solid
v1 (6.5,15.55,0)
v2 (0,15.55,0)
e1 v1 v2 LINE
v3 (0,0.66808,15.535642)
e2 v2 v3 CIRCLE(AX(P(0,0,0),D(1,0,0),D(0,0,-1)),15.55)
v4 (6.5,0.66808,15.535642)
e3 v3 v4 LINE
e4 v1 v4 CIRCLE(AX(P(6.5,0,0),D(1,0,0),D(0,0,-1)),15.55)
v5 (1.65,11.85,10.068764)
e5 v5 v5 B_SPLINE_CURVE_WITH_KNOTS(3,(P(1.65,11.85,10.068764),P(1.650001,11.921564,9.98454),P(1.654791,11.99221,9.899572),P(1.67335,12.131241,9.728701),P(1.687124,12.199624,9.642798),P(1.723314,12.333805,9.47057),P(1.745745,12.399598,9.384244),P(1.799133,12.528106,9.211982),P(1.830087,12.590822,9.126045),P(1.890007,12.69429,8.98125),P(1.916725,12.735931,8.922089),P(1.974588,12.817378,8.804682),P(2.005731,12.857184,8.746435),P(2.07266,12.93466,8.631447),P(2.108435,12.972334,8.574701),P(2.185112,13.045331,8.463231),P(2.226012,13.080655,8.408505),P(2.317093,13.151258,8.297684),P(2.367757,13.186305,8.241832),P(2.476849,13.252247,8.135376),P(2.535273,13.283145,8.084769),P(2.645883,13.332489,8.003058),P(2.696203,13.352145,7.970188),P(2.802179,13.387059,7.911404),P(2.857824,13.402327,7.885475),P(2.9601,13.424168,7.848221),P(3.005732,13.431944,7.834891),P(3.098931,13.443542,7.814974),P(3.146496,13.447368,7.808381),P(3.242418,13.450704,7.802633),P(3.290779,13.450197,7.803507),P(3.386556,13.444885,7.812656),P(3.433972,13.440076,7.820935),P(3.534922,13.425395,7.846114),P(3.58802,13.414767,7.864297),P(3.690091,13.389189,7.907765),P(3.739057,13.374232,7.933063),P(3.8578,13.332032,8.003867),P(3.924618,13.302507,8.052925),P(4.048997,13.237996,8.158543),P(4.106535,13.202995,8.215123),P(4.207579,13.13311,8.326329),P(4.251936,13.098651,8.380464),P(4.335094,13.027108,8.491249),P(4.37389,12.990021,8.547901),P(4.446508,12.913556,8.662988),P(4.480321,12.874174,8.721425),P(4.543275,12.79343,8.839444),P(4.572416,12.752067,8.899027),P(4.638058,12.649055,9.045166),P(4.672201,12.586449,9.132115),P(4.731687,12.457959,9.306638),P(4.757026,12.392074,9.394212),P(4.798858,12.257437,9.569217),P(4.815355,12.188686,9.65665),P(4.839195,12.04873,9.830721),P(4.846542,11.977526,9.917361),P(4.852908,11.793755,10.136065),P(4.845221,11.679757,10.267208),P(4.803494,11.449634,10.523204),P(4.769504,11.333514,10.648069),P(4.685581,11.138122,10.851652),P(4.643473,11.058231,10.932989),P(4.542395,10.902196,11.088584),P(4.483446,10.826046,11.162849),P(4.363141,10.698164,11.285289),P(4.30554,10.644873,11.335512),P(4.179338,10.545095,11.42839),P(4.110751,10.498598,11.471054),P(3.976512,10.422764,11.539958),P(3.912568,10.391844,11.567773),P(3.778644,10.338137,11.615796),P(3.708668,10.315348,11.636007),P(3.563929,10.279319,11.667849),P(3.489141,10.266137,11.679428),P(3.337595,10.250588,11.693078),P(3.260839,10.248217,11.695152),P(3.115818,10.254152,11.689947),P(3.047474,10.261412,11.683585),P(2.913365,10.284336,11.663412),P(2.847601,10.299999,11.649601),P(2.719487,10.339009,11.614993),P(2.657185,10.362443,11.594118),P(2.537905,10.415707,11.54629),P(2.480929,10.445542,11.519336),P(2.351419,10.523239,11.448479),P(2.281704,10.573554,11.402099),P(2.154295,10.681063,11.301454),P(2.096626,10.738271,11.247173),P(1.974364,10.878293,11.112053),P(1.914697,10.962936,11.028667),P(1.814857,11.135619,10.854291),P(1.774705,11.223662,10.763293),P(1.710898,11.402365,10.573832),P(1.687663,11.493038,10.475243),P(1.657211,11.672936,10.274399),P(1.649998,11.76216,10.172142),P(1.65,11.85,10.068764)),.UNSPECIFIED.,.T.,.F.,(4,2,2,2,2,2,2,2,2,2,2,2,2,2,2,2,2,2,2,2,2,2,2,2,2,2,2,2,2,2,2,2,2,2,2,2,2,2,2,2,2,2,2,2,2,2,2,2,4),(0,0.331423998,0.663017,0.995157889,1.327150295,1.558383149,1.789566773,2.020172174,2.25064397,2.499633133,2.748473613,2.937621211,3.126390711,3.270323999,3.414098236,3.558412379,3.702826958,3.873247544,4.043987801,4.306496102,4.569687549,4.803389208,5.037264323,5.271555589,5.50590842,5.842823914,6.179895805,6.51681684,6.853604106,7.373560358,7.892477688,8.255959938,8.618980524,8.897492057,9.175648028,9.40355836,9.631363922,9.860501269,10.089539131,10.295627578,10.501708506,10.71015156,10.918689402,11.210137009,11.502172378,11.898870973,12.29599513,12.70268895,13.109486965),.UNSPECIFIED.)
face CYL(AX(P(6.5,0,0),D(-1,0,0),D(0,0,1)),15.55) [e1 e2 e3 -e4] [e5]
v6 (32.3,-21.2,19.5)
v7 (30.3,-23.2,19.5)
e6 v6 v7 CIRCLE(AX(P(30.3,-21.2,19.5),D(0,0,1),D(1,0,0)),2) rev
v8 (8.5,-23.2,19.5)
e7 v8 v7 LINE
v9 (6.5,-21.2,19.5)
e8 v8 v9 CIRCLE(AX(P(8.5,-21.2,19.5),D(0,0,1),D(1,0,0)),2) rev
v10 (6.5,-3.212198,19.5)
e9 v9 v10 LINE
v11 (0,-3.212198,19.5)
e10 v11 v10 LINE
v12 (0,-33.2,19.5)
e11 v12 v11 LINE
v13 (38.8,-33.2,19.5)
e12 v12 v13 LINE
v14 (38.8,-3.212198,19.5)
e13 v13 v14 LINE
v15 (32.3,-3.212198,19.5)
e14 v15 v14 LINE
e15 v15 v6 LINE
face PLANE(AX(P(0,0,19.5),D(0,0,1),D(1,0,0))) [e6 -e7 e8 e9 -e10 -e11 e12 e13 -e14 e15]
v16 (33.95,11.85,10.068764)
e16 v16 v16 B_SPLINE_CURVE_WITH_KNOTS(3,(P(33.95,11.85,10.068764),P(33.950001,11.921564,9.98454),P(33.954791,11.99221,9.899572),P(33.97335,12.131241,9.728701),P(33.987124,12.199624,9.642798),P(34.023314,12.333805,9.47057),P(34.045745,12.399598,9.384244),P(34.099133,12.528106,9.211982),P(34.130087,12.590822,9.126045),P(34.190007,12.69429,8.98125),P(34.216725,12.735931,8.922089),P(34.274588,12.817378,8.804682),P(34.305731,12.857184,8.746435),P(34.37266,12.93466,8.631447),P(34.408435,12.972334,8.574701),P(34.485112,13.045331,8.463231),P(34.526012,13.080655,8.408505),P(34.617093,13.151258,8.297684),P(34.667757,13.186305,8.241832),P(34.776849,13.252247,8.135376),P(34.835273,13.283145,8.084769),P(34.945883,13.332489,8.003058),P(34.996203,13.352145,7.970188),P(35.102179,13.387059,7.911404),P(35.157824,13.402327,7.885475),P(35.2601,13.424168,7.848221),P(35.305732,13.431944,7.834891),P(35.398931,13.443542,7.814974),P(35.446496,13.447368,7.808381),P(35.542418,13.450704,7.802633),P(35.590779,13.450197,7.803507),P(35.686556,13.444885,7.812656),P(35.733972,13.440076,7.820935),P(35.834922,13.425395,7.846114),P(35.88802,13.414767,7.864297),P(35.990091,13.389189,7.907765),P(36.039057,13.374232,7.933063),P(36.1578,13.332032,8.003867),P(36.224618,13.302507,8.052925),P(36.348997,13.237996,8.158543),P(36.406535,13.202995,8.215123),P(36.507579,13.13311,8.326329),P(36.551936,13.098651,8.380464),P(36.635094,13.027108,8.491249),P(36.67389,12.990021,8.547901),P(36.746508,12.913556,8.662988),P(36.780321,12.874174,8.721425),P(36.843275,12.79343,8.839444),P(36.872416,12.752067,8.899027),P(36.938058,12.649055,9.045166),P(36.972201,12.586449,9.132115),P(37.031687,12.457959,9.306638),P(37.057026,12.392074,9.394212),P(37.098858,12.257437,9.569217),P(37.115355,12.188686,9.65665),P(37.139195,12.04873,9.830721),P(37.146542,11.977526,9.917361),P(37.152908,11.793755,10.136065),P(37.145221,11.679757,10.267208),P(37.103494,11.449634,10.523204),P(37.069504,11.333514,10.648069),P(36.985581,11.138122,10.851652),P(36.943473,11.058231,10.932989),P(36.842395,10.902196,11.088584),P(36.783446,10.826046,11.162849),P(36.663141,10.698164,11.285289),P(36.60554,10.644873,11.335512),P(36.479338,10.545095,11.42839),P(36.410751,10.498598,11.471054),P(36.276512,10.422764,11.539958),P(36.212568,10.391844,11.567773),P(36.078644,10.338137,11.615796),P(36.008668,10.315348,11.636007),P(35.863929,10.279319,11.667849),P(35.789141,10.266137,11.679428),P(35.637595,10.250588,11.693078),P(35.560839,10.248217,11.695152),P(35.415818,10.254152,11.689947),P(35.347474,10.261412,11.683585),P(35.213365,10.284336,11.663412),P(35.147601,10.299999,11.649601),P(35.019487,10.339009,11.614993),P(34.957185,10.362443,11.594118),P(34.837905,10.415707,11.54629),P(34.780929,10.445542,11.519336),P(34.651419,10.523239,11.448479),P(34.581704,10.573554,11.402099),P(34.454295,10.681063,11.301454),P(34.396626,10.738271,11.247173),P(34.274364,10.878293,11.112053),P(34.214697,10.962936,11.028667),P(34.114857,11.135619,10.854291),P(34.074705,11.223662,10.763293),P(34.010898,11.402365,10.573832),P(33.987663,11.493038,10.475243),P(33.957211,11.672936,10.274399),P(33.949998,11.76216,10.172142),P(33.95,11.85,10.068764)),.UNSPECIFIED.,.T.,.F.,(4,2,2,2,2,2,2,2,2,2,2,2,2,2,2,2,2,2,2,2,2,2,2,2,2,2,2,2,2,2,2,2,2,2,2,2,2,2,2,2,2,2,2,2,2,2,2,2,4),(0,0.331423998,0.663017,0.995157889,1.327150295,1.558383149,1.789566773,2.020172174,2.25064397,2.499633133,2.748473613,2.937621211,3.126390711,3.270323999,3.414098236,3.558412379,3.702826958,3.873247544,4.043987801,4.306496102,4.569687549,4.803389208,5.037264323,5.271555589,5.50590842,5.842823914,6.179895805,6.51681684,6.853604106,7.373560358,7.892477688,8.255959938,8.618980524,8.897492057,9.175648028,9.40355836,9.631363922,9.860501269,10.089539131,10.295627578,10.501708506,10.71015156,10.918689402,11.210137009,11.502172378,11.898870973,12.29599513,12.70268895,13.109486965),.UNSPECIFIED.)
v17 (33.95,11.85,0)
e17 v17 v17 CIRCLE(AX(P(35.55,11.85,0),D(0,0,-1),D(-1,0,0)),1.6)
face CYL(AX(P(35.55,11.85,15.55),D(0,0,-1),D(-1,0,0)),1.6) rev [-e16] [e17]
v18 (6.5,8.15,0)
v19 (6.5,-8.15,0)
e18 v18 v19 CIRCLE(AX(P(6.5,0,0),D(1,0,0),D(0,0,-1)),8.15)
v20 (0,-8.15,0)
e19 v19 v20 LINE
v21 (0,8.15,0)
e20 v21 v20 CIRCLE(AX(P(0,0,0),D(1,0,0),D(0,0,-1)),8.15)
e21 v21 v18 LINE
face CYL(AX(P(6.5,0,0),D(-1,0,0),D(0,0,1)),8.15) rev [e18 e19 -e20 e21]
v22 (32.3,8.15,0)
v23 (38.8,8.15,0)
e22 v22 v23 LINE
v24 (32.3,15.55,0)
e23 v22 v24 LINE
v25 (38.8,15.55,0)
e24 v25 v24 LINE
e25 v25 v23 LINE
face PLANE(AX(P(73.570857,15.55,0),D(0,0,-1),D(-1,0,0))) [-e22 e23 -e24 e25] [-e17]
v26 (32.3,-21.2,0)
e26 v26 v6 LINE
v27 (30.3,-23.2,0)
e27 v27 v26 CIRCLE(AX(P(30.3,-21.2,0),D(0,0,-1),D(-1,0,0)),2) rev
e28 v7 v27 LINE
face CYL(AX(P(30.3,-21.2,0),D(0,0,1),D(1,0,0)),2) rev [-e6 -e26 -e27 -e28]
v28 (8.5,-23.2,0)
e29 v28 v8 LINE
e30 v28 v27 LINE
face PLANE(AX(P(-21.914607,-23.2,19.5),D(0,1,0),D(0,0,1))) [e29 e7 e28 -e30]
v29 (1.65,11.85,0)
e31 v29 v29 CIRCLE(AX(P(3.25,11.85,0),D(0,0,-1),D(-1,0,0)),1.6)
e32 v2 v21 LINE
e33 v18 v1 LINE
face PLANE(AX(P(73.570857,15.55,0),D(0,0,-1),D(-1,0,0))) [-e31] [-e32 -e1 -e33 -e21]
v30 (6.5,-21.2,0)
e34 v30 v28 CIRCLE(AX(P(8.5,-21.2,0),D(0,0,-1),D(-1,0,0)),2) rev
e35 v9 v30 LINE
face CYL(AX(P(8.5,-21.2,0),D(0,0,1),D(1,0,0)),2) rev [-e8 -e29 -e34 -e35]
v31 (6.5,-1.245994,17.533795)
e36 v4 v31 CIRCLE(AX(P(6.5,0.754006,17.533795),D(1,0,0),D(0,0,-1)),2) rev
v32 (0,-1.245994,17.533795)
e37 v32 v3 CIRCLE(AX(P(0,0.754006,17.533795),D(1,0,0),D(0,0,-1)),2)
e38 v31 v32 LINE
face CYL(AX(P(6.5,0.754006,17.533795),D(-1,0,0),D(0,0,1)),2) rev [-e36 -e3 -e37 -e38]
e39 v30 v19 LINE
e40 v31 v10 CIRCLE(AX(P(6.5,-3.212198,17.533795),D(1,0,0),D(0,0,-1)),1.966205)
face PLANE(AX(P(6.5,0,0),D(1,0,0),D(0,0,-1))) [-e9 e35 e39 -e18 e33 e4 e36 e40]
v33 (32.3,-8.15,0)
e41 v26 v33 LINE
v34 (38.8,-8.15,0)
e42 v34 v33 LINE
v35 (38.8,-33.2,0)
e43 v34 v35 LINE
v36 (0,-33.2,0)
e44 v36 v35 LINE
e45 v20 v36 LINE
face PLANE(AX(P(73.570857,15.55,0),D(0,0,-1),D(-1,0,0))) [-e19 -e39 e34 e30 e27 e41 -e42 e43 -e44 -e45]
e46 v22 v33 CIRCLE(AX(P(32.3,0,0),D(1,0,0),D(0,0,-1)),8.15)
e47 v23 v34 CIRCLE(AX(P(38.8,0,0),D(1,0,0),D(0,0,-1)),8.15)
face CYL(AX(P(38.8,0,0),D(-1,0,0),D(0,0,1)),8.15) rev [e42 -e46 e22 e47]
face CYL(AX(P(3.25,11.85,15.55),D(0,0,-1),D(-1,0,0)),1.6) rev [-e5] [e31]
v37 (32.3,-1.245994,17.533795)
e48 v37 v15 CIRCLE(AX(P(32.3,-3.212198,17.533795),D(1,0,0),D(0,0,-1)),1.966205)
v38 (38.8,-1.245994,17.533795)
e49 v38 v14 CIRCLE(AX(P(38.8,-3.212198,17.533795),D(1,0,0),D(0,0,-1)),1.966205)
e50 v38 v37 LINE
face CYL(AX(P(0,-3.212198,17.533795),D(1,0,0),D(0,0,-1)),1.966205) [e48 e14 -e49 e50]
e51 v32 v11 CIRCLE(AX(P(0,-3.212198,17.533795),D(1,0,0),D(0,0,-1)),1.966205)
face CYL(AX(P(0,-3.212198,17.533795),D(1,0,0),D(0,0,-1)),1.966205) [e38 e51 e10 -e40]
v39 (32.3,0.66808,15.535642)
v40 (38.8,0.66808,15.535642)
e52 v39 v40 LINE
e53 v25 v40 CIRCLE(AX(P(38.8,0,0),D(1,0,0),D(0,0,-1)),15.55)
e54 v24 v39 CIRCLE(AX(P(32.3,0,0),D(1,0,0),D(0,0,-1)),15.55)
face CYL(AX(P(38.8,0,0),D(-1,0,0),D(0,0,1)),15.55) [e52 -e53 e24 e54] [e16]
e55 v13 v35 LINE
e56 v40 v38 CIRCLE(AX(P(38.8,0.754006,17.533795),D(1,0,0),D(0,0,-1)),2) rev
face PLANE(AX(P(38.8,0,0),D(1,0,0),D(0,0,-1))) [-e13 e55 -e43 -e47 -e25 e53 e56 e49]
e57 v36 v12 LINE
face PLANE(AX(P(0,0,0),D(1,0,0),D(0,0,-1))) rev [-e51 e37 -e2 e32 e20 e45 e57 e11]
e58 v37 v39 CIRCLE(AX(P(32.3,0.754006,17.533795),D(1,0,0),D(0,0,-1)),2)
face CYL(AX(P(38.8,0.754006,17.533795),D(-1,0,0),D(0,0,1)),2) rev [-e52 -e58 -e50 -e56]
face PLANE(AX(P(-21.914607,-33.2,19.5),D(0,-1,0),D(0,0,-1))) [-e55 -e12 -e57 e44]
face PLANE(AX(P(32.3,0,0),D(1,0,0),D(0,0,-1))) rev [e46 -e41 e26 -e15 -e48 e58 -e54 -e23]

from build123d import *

# Parameters (mm, degrees)
SKETCH3_R            = 15.55
SKETCH3_R_2          = 8.15
BOSS_EXTRUDE4_DEPTH  = 6.5
SKETCH2_R            = 15.55
SKETCH2_R_2          = 8.15
BOSS_EXTRUDE5_DEPTH  = 6.5
CUT_EXTRUDE1_DEPTH   = 38.8
SKETCH5_R            = 1.6
CUT_EXTRUDE2_DEPTH   = 16.55
BOSS_EXTRUDE6_DEPTH  = 6.5
SKETCH9_W            = 6.5
SKETCH9_H            = 21.954006421
BOSS_EXTRUDE7_DEPTH  = 4
BOSS_EXTRUDE8_DEPTH  = 6.5
SKETCH12_W           = 6.5
SKETCH12_H           = 21.954006421
BOSS_EXTRUDE9_DEPTH  = 4
FILLET1_R            = 2
FILLET2_R            = 2
CUT_EXTRUDE3_DEPTH   = 39.8000001
SKETCH13_W           = 19.5
SKETCH13_H           = 10
BOSS_EXTRUDE10_DEPTH = 38.8
FILLET3_R            = 2


with BuildPart() as part:
    # Sketch3 → Boss-Extrude4 (new body)
    with BuildSketch(Plane(origin=(0, 0, 0), x_dir=(0, 0, -1), z_dir=(1, 0, 0))):
        Circle(SKETCH3_R)
        Circle(SKETCH3_R_2, mode=Mode.SUBTRACT)
    extrude(amount=BOSS_EXTRUDE4_DEPTH)


with BuildPart() as body_2:
    # Sketch2 → Boss-Extrude5 (new body)
    with BuildSketch(Plane(origin=(32.3, 0, 0), x_dir=(0, 0, -1), z_dir=(1, 0, 0))):
        Circle(SKETCH2_R)
        Circle(SKETCH2_R_2, mode=Mode.SUBTRACT)
    extrude(amount=BOSS_EXTRUDE5_DEPTH)


with BuildPart() as cut_extrude1_tool:
    # Sketch4 → Cut-Extrude1 (new body)
    with BuildSketch(Plane(origin=(0, 0, 0), x_dir=(0, 0, -1), z_dir=(1, 0, 0))):
        with BuildLine():
            Line((0, 15.55), (0, -15.55))
            ThreePointArc((0, -15.55), (15.55, 0), (0, 15.55))
        make_face()
    extrude(amount=CUT_EXTRUDE1_DEPTH)


with BuildPart() as part_1:
    add(part.part)

    # Cut-Extrude1: cut by cut_extrude1_tool
    add(cut_extrude1_tool.part, mode=Mode.SUBTRACT)


with BuildPart() as body_2_1:
    add(body_2.part)

    # Cut-Extrude1: cut by cut_extrude1_tool
    add(cut_extrude1_tool.part, mode=Mode.SUBTRACT)


with BuildPart() as cut_extrude2_tool:
    # Sketch5 → Cut-Extrude2 (new body, through all)
    with BuildSketch(Plane(origin=(0, 0, 0), x_dir=(-1, 0, 0), z_dir=(0, 0, -1))):
        with Locations((-35.55, 11.85)):
            Circle(SKETCH5_R)
        with Locations((-3.25, 11.85)):
            Circle(SKETCH5_R)
    extrude(amount=-CUT_EXTRUDE2_DEPTH)


with BuildPart() as part_2:
    add(part_1.part)

    # Cut-Extrude2: cut by cut_extrude2_tool
    add(cut_extrude2_tool.part, mode=Mode.SUBTRACT)

    # Sketch11 → Boss-Extrude8 (add)
    with BuildSketch(Plane.ZY):
        with BuildLine():
            ThreePointArc((15.5, -1.245993579), (10.545788255, -11.427547859), (0, -15.55))
            Line((0, -15.55), (0, -23.2))
            Line((0, -23.2), (15.5, -23.2))
            Line((15.5, -23.2), (15.5, -1.245993579))
        make_face()
    extrude(amount=-BOSS_EXTRUDE8_DEPTH)

    # Sketch12 → Boss-Extrude9 (add)
    with BuildSketch(Plane.XY.offset(15.5)):
        with Locations((3.25, -12.22299679)):
            Rectangle(SKETCH12_W, SKETCH12_H)
    extrude(amount=BOSS_EXTRUDE9_DEPTH)

    # Fillet2
    fillet2_edges = [part_2.edges().sort_by_distance(p)[0] for p in [
        (3.25, -1.245993579, 15.5),
    ]]
    fillet(fillet2_edges, radius=FILLET2_R)


with BuildPart() as body_2_2:
    add(body_2_1.part)

    # Cut-Extrude2: cut by cut_extrude2_tool
    add(cut_extrude2_tool.part, mode=Mode.SUBTRACT)

    # Sketch8 → Boss-Extrude6 (add)
    with BuildSketch(Plane(origin=(38.8, 0, 0), x_dir=(0, 0, -1), z_dir=(1, 0, 0))):
        with BuildLine():
            ThreePointArc((0, -19.2), (-8.691551143, -17.120074145), (-15.5, -11.330931118))
            Line((-15.5, -11.330931118), (-15.5, -23.2))
            Line((-15.5, -23.2), (0, -23.2))
            Line((0, -23.2), (0, -19.2))
        make_face()
        with BuildLine():
            ThreePointArc((0, -15.55), (-10.545788255, -11.427547859), (-15.5, -1.245993579))
            Line((-15.5, -1.245993579), (-15.5, -11.330931118))
            ThreePointArc((-15.5, -11.330931118), (-8.691551143, -17.120074145), (0, -19.2))
            Line((0, -19.2), (0, -15.55))
        make_face()
    extrude(amount=-BOSS_EXTRUDE6_DEPTH)

    # Sketch9 → Boss-Extrude7 (add)
    with BuildSketch(Plane.XY.offset(15.5)):
        with Locations((35.55, -12.22299679)):
            Rectangle(SKETCH9_W, SKETCH9_H)
    extrude(amount=BOSS_EXTRUDE7_DEPTH)

    # Fillet1
    fillet1_edges = [body_2_2.edges().sort_by_distance(p)[0] for p in [
        (35.55, -1.245993579, 15.5),
    ]]
    fillet(fillet1_edges, radius=FILLET1_R)


with BuildPart() as cut_extrude3_tool:
    # Sketch10 → Cut-Extrude3 (new body, through all)
    with BuildSketch(Plane(origin=(38.8, 0, 0), x_dir=(0, 0, -1), z_dir=(1, 0, 0))):
        with BuildLine():
            Line((-19.5, -3.212198374), (-19.5, -1.245993579))
            Line((-19.5, -1.245993579), (-17.533795206, -1.245993579))
            ThreePointArc((-17.533795206, -1.245993579), (-18.924111949, -1.82188163), (-19.5, -3.212198374))
        make_face()
    extrude(amount=-CUT_EXTRUDE3_DEPTH)


with BuildPart() as part_3:
    add(part_2.part)

    # Cut-Extrude3: cut by cut_extrude3_tool
    add(cut_extrude3_tool.part, mode=Mode.SUBTRACT)



with BuildPart() as body_2_3:
    add(body_2_2.part)

    # Cut-Extrude3: cut by cut_extrude3_tool
    add(cut_extrude3_tool.part, mode=Mode.SUBTRACT)


with BuildPart() as part_4:
    add(part_3.part)

    add(body_2_3.part)  # Boss-Extrude10 merges body 2
    # Sketch13 → Boss-Extrude10 (add)
    with BuildSketch(Plane(origin=(38.8, 0, 0), x_dir=(0, 0, -1), z_dir=(1, 0, 0))):
        with Locations((-9.75, -28.2)):
            Rectangle(SKETCH13_W, SKETCH13_H)
    extrude(amount=-BOSS_EXTRUDE10_DEPTH)

    # Fillet3
    fillet3_edges = [part_4.edges().sort_by_distance(p)[0] for p in [
        (6.5, -23.2, 9.75),
        (32.3, -23.2, 9.75),
    ]]
    fillet(fillet3_edges, radius=FILLET3_R)


solid = part_4.part
